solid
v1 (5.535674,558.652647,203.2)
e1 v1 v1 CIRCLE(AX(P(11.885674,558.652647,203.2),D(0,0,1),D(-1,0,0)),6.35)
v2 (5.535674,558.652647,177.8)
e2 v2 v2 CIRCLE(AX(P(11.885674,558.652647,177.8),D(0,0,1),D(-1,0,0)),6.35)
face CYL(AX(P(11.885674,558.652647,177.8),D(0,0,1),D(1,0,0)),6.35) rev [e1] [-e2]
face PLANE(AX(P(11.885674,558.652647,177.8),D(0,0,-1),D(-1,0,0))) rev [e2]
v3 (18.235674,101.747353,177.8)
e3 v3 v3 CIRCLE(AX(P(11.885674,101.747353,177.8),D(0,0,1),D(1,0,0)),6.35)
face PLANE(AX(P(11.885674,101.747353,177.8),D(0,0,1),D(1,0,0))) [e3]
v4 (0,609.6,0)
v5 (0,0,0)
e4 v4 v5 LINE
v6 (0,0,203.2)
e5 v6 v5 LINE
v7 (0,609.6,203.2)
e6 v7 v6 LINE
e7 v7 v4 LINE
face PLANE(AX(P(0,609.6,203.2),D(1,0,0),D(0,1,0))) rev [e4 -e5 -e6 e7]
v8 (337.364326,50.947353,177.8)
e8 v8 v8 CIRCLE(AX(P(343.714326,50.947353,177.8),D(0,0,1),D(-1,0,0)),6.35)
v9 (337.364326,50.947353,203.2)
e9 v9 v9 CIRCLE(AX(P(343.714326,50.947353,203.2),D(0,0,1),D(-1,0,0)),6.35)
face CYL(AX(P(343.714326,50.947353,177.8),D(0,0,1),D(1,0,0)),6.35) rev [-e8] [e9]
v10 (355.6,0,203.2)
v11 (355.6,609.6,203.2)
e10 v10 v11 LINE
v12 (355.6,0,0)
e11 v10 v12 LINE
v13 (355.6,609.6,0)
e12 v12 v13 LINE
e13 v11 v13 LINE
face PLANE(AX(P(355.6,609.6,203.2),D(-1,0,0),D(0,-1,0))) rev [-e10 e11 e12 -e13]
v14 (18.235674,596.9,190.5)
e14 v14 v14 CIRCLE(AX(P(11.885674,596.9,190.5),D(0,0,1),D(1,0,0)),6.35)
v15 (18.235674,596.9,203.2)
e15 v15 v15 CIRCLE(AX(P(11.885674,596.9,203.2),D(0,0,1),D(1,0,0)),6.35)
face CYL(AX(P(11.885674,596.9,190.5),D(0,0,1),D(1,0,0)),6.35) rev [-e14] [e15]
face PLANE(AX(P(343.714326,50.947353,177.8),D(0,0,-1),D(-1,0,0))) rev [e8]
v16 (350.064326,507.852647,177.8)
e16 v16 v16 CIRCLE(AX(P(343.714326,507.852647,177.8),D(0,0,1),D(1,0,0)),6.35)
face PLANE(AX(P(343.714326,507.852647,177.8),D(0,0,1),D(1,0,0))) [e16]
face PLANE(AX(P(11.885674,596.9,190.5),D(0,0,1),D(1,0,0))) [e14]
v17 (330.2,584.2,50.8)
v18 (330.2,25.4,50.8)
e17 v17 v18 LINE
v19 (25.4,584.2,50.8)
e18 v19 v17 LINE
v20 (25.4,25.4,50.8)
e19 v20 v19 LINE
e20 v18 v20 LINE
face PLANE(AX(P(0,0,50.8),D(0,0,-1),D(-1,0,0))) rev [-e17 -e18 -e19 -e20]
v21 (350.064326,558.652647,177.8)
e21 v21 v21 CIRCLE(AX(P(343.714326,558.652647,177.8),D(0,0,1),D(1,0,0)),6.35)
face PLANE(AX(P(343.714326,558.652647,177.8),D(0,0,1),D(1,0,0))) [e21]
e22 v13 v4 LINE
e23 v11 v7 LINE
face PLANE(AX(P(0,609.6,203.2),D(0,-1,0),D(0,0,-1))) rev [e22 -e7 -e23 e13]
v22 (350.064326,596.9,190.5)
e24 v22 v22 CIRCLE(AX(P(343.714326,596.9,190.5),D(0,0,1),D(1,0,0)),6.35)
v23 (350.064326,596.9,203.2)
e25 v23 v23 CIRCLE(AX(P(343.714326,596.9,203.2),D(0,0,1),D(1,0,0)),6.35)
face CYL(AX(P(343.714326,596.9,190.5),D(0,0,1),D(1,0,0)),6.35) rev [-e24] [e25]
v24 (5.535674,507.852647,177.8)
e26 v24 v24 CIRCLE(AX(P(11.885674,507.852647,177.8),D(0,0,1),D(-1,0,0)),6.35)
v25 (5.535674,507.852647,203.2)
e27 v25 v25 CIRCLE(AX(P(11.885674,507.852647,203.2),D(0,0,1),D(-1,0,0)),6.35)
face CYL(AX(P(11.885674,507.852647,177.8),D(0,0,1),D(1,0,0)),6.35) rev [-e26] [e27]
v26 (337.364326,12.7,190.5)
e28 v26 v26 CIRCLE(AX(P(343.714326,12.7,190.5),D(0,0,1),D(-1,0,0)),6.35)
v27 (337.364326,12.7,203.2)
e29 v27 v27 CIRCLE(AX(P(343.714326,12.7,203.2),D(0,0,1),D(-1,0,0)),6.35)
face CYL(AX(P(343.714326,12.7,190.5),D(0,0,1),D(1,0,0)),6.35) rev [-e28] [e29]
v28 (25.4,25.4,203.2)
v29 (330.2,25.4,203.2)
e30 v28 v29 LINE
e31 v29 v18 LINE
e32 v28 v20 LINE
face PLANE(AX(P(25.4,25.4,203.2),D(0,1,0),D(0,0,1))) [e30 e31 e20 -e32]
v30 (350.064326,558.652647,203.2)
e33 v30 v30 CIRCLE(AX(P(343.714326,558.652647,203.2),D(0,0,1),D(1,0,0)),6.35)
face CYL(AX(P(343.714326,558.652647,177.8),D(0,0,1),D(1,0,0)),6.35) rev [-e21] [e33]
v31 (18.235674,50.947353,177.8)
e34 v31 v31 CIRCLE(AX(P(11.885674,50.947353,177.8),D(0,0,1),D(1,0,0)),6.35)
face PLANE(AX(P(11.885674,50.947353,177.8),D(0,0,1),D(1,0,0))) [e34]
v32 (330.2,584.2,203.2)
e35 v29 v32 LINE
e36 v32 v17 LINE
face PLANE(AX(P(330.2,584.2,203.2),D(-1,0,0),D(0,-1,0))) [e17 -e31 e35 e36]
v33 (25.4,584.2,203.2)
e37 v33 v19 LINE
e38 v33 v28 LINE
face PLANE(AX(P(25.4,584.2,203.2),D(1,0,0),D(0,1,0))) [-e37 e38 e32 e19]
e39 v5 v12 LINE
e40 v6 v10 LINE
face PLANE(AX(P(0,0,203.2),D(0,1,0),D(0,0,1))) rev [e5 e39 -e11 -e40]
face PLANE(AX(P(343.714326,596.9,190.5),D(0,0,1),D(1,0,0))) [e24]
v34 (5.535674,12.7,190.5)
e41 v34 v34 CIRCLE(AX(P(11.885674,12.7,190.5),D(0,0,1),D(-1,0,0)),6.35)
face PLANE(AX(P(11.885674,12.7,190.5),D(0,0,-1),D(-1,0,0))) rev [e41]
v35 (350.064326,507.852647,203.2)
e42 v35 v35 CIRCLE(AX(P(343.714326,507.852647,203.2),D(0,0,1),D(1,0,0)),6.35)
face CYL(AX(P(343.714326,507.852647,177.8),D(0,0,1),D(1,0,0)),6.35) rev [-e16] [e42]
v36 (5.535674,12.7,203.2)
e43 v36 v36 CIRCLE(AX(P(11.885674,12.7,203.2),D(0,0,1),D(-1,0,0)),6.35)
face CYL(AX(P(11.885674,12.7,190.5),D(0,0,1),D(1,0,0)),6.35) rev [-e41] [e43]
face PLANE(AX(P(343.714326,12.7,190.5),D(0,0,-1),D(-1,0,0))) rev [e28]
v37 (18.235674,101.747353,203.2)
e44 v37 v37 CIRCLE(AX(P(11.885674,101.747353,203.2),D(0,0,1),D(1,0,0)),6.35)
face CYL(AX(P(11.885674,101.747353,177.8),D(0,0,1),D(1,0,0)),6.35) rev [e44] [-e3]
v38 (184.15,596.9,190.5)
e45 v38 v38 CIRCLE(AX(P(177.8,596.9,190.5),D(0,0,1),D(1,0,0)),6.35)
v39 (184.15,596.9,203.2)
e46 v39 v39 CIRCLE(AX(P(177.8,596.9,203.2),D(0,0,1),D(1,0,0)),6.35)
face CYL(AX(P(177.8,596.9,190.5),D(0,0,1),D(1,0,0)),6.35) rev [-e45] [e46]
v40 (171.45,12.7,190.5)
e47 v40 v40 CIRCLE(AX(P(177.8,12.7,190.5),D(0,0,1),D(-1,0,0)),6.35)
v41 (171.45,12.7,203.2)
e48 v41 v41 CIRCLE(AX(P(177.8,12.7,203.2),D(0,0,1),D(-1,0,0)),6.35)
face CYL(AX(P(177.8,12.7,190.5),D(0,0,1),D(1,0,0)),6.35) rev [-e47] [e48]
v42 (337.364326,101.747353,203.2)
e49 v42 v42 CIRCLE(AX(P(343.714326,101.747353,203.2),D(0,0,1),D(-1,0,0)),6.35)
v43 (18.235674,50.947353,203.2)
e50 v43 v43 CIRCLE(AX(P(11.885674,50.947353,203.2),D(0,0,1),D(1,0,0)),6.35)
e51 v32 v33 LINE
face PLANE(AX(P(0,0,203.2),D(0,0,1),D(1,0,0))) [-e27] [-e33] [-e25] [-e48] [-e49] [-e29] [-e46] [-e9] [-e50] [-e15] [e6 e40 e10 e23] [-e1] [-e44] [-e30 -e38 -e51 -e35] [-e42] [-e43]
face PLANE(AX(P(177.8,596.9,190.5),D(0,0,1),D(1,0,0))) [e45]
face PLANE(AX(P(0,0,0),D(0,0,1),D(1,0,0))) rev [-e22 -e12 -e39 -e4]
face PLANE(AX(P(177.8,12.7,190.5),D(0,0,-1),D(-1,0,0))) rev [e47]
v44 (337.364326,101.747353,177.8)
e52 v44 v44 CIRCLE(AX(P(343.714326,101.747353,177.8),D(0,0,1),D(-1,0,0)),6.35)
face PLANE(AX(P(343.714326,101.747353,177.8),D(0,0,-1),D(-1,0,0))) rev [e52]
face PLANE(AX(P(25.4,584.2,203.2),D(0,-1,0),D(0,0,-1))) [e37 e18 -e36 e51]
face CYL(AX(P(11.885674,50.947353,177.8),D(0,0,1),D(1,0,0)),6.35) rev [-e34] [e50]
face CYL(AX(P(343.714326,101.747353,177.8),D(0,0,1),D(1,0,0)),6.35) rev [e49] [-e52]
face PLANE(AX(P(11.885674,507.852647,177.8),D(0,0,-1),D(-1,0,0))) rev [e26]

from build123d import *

# Parameters (mm, degrees)
SKETCH1_W           = 355.6
SKETCH1_H           = 609.6
SKETCH1_W_2         = 304.8
SKETCH1_H_2         = 558.8
BOSS_EXTRUDE2_DEPTH = 203.2
SKETCH4_W           = 304.8
SKETCH4_H           = 558.8
BOSS_EXTRUDE3_DEPTH = 50.8
SKETCH5_R           = 6.35
CUT_EXTRUDE1_DEPTH  = 25.4
SKETCH6_R           = 6.35
CUT_EXTRUDE2_DEPTH  = 12.7


with BuildPart() as part:
    # Sketch1 → Boss-Extrude2 (new body)
    with BuildSketch(Plane.XY):
        with Locations((177.8, 304.8)):
            Rectangle(SKETCH1_W, SKETCH1_H)
        with Locations((177.8, 304.8)):
            Rectangle(SKETCH1_W_2, SKETCH1_H_2, mode=Mode.SUBTRACT)
    extrude(amount=BOSS_EXTRUDE2_DEPTH)

    # Sketch4 → Boss-Extrude3 (add)
    with BuildSketch(Plane(origin=(0, 0, 0), x_dir=(-1, 0, 0), z_dir=(0, 0, -1))):
        with Locations((-177.8, 304.8)):
            Rectangle(SKETCH4_W, SKETCH4_H)
    extrude(amount=-BOSS_EXTRUDE3_DEPTH)

    # Sketch5 → Cut-Extrude1 (cut)
    with BuildSketch(Plane.XY.offset(203.2)):
        with Locations((11.88567414, 50.947353246)):
            Circle(SKETCH5_R)
        with Locations((11.88567414, 101.747353246)):
            Circle(SKETCH5_R)
        with Locations((11.88567414, 507.852646754)):
            Circle(SKETCH5_R)
        with Locations((11.88567414, 558.652646754)):
            Circle(SKETCH5_R)
        with Locations((343.71432586, 50.947353246)):
            Circle(SKETCH5_R)
        with Locations((343.71432586, 101.747353246)):
            Circle(SKETCH5_R)
        with Locations((343.71432586, 558.652646754)):
            Circle(SKETCH5_R)
        with Locations((343.71432586, 507.852646754)):
            Circle(SKETCH5_R)
    extrude(amount=-CUT_EXTRUDE1_DEPTH, mode=Mode.SUBTRACT)

    # Sketch6 → Cut-Extrude2 (cut)
    with BuildSketch(Plane.XY.offset(203.2)):
        with Locations((343.71432586, 596.9)):
            Circle(SKETCH6_R)
        with Locations((177.8, 596.9)):
            Circle(SKETCH6_R)
        with Locations((11.88567414, 596.9)):
            Circle(SKETCH6_R)
        with Locations((343.71432586, 12.7)):
            Circle(SKETCH6_R)
        with Locations((177.8, 12.7)):
            Circle(SKETCH6_R)
        with Locations((11.88567414, 12.7)):
            Circle(SKETCH6_R)
    extrude(amount=-CUT_EXTRUDE2_DEPTH, mode=Mode.SUBTRACT)


solid = part.part
